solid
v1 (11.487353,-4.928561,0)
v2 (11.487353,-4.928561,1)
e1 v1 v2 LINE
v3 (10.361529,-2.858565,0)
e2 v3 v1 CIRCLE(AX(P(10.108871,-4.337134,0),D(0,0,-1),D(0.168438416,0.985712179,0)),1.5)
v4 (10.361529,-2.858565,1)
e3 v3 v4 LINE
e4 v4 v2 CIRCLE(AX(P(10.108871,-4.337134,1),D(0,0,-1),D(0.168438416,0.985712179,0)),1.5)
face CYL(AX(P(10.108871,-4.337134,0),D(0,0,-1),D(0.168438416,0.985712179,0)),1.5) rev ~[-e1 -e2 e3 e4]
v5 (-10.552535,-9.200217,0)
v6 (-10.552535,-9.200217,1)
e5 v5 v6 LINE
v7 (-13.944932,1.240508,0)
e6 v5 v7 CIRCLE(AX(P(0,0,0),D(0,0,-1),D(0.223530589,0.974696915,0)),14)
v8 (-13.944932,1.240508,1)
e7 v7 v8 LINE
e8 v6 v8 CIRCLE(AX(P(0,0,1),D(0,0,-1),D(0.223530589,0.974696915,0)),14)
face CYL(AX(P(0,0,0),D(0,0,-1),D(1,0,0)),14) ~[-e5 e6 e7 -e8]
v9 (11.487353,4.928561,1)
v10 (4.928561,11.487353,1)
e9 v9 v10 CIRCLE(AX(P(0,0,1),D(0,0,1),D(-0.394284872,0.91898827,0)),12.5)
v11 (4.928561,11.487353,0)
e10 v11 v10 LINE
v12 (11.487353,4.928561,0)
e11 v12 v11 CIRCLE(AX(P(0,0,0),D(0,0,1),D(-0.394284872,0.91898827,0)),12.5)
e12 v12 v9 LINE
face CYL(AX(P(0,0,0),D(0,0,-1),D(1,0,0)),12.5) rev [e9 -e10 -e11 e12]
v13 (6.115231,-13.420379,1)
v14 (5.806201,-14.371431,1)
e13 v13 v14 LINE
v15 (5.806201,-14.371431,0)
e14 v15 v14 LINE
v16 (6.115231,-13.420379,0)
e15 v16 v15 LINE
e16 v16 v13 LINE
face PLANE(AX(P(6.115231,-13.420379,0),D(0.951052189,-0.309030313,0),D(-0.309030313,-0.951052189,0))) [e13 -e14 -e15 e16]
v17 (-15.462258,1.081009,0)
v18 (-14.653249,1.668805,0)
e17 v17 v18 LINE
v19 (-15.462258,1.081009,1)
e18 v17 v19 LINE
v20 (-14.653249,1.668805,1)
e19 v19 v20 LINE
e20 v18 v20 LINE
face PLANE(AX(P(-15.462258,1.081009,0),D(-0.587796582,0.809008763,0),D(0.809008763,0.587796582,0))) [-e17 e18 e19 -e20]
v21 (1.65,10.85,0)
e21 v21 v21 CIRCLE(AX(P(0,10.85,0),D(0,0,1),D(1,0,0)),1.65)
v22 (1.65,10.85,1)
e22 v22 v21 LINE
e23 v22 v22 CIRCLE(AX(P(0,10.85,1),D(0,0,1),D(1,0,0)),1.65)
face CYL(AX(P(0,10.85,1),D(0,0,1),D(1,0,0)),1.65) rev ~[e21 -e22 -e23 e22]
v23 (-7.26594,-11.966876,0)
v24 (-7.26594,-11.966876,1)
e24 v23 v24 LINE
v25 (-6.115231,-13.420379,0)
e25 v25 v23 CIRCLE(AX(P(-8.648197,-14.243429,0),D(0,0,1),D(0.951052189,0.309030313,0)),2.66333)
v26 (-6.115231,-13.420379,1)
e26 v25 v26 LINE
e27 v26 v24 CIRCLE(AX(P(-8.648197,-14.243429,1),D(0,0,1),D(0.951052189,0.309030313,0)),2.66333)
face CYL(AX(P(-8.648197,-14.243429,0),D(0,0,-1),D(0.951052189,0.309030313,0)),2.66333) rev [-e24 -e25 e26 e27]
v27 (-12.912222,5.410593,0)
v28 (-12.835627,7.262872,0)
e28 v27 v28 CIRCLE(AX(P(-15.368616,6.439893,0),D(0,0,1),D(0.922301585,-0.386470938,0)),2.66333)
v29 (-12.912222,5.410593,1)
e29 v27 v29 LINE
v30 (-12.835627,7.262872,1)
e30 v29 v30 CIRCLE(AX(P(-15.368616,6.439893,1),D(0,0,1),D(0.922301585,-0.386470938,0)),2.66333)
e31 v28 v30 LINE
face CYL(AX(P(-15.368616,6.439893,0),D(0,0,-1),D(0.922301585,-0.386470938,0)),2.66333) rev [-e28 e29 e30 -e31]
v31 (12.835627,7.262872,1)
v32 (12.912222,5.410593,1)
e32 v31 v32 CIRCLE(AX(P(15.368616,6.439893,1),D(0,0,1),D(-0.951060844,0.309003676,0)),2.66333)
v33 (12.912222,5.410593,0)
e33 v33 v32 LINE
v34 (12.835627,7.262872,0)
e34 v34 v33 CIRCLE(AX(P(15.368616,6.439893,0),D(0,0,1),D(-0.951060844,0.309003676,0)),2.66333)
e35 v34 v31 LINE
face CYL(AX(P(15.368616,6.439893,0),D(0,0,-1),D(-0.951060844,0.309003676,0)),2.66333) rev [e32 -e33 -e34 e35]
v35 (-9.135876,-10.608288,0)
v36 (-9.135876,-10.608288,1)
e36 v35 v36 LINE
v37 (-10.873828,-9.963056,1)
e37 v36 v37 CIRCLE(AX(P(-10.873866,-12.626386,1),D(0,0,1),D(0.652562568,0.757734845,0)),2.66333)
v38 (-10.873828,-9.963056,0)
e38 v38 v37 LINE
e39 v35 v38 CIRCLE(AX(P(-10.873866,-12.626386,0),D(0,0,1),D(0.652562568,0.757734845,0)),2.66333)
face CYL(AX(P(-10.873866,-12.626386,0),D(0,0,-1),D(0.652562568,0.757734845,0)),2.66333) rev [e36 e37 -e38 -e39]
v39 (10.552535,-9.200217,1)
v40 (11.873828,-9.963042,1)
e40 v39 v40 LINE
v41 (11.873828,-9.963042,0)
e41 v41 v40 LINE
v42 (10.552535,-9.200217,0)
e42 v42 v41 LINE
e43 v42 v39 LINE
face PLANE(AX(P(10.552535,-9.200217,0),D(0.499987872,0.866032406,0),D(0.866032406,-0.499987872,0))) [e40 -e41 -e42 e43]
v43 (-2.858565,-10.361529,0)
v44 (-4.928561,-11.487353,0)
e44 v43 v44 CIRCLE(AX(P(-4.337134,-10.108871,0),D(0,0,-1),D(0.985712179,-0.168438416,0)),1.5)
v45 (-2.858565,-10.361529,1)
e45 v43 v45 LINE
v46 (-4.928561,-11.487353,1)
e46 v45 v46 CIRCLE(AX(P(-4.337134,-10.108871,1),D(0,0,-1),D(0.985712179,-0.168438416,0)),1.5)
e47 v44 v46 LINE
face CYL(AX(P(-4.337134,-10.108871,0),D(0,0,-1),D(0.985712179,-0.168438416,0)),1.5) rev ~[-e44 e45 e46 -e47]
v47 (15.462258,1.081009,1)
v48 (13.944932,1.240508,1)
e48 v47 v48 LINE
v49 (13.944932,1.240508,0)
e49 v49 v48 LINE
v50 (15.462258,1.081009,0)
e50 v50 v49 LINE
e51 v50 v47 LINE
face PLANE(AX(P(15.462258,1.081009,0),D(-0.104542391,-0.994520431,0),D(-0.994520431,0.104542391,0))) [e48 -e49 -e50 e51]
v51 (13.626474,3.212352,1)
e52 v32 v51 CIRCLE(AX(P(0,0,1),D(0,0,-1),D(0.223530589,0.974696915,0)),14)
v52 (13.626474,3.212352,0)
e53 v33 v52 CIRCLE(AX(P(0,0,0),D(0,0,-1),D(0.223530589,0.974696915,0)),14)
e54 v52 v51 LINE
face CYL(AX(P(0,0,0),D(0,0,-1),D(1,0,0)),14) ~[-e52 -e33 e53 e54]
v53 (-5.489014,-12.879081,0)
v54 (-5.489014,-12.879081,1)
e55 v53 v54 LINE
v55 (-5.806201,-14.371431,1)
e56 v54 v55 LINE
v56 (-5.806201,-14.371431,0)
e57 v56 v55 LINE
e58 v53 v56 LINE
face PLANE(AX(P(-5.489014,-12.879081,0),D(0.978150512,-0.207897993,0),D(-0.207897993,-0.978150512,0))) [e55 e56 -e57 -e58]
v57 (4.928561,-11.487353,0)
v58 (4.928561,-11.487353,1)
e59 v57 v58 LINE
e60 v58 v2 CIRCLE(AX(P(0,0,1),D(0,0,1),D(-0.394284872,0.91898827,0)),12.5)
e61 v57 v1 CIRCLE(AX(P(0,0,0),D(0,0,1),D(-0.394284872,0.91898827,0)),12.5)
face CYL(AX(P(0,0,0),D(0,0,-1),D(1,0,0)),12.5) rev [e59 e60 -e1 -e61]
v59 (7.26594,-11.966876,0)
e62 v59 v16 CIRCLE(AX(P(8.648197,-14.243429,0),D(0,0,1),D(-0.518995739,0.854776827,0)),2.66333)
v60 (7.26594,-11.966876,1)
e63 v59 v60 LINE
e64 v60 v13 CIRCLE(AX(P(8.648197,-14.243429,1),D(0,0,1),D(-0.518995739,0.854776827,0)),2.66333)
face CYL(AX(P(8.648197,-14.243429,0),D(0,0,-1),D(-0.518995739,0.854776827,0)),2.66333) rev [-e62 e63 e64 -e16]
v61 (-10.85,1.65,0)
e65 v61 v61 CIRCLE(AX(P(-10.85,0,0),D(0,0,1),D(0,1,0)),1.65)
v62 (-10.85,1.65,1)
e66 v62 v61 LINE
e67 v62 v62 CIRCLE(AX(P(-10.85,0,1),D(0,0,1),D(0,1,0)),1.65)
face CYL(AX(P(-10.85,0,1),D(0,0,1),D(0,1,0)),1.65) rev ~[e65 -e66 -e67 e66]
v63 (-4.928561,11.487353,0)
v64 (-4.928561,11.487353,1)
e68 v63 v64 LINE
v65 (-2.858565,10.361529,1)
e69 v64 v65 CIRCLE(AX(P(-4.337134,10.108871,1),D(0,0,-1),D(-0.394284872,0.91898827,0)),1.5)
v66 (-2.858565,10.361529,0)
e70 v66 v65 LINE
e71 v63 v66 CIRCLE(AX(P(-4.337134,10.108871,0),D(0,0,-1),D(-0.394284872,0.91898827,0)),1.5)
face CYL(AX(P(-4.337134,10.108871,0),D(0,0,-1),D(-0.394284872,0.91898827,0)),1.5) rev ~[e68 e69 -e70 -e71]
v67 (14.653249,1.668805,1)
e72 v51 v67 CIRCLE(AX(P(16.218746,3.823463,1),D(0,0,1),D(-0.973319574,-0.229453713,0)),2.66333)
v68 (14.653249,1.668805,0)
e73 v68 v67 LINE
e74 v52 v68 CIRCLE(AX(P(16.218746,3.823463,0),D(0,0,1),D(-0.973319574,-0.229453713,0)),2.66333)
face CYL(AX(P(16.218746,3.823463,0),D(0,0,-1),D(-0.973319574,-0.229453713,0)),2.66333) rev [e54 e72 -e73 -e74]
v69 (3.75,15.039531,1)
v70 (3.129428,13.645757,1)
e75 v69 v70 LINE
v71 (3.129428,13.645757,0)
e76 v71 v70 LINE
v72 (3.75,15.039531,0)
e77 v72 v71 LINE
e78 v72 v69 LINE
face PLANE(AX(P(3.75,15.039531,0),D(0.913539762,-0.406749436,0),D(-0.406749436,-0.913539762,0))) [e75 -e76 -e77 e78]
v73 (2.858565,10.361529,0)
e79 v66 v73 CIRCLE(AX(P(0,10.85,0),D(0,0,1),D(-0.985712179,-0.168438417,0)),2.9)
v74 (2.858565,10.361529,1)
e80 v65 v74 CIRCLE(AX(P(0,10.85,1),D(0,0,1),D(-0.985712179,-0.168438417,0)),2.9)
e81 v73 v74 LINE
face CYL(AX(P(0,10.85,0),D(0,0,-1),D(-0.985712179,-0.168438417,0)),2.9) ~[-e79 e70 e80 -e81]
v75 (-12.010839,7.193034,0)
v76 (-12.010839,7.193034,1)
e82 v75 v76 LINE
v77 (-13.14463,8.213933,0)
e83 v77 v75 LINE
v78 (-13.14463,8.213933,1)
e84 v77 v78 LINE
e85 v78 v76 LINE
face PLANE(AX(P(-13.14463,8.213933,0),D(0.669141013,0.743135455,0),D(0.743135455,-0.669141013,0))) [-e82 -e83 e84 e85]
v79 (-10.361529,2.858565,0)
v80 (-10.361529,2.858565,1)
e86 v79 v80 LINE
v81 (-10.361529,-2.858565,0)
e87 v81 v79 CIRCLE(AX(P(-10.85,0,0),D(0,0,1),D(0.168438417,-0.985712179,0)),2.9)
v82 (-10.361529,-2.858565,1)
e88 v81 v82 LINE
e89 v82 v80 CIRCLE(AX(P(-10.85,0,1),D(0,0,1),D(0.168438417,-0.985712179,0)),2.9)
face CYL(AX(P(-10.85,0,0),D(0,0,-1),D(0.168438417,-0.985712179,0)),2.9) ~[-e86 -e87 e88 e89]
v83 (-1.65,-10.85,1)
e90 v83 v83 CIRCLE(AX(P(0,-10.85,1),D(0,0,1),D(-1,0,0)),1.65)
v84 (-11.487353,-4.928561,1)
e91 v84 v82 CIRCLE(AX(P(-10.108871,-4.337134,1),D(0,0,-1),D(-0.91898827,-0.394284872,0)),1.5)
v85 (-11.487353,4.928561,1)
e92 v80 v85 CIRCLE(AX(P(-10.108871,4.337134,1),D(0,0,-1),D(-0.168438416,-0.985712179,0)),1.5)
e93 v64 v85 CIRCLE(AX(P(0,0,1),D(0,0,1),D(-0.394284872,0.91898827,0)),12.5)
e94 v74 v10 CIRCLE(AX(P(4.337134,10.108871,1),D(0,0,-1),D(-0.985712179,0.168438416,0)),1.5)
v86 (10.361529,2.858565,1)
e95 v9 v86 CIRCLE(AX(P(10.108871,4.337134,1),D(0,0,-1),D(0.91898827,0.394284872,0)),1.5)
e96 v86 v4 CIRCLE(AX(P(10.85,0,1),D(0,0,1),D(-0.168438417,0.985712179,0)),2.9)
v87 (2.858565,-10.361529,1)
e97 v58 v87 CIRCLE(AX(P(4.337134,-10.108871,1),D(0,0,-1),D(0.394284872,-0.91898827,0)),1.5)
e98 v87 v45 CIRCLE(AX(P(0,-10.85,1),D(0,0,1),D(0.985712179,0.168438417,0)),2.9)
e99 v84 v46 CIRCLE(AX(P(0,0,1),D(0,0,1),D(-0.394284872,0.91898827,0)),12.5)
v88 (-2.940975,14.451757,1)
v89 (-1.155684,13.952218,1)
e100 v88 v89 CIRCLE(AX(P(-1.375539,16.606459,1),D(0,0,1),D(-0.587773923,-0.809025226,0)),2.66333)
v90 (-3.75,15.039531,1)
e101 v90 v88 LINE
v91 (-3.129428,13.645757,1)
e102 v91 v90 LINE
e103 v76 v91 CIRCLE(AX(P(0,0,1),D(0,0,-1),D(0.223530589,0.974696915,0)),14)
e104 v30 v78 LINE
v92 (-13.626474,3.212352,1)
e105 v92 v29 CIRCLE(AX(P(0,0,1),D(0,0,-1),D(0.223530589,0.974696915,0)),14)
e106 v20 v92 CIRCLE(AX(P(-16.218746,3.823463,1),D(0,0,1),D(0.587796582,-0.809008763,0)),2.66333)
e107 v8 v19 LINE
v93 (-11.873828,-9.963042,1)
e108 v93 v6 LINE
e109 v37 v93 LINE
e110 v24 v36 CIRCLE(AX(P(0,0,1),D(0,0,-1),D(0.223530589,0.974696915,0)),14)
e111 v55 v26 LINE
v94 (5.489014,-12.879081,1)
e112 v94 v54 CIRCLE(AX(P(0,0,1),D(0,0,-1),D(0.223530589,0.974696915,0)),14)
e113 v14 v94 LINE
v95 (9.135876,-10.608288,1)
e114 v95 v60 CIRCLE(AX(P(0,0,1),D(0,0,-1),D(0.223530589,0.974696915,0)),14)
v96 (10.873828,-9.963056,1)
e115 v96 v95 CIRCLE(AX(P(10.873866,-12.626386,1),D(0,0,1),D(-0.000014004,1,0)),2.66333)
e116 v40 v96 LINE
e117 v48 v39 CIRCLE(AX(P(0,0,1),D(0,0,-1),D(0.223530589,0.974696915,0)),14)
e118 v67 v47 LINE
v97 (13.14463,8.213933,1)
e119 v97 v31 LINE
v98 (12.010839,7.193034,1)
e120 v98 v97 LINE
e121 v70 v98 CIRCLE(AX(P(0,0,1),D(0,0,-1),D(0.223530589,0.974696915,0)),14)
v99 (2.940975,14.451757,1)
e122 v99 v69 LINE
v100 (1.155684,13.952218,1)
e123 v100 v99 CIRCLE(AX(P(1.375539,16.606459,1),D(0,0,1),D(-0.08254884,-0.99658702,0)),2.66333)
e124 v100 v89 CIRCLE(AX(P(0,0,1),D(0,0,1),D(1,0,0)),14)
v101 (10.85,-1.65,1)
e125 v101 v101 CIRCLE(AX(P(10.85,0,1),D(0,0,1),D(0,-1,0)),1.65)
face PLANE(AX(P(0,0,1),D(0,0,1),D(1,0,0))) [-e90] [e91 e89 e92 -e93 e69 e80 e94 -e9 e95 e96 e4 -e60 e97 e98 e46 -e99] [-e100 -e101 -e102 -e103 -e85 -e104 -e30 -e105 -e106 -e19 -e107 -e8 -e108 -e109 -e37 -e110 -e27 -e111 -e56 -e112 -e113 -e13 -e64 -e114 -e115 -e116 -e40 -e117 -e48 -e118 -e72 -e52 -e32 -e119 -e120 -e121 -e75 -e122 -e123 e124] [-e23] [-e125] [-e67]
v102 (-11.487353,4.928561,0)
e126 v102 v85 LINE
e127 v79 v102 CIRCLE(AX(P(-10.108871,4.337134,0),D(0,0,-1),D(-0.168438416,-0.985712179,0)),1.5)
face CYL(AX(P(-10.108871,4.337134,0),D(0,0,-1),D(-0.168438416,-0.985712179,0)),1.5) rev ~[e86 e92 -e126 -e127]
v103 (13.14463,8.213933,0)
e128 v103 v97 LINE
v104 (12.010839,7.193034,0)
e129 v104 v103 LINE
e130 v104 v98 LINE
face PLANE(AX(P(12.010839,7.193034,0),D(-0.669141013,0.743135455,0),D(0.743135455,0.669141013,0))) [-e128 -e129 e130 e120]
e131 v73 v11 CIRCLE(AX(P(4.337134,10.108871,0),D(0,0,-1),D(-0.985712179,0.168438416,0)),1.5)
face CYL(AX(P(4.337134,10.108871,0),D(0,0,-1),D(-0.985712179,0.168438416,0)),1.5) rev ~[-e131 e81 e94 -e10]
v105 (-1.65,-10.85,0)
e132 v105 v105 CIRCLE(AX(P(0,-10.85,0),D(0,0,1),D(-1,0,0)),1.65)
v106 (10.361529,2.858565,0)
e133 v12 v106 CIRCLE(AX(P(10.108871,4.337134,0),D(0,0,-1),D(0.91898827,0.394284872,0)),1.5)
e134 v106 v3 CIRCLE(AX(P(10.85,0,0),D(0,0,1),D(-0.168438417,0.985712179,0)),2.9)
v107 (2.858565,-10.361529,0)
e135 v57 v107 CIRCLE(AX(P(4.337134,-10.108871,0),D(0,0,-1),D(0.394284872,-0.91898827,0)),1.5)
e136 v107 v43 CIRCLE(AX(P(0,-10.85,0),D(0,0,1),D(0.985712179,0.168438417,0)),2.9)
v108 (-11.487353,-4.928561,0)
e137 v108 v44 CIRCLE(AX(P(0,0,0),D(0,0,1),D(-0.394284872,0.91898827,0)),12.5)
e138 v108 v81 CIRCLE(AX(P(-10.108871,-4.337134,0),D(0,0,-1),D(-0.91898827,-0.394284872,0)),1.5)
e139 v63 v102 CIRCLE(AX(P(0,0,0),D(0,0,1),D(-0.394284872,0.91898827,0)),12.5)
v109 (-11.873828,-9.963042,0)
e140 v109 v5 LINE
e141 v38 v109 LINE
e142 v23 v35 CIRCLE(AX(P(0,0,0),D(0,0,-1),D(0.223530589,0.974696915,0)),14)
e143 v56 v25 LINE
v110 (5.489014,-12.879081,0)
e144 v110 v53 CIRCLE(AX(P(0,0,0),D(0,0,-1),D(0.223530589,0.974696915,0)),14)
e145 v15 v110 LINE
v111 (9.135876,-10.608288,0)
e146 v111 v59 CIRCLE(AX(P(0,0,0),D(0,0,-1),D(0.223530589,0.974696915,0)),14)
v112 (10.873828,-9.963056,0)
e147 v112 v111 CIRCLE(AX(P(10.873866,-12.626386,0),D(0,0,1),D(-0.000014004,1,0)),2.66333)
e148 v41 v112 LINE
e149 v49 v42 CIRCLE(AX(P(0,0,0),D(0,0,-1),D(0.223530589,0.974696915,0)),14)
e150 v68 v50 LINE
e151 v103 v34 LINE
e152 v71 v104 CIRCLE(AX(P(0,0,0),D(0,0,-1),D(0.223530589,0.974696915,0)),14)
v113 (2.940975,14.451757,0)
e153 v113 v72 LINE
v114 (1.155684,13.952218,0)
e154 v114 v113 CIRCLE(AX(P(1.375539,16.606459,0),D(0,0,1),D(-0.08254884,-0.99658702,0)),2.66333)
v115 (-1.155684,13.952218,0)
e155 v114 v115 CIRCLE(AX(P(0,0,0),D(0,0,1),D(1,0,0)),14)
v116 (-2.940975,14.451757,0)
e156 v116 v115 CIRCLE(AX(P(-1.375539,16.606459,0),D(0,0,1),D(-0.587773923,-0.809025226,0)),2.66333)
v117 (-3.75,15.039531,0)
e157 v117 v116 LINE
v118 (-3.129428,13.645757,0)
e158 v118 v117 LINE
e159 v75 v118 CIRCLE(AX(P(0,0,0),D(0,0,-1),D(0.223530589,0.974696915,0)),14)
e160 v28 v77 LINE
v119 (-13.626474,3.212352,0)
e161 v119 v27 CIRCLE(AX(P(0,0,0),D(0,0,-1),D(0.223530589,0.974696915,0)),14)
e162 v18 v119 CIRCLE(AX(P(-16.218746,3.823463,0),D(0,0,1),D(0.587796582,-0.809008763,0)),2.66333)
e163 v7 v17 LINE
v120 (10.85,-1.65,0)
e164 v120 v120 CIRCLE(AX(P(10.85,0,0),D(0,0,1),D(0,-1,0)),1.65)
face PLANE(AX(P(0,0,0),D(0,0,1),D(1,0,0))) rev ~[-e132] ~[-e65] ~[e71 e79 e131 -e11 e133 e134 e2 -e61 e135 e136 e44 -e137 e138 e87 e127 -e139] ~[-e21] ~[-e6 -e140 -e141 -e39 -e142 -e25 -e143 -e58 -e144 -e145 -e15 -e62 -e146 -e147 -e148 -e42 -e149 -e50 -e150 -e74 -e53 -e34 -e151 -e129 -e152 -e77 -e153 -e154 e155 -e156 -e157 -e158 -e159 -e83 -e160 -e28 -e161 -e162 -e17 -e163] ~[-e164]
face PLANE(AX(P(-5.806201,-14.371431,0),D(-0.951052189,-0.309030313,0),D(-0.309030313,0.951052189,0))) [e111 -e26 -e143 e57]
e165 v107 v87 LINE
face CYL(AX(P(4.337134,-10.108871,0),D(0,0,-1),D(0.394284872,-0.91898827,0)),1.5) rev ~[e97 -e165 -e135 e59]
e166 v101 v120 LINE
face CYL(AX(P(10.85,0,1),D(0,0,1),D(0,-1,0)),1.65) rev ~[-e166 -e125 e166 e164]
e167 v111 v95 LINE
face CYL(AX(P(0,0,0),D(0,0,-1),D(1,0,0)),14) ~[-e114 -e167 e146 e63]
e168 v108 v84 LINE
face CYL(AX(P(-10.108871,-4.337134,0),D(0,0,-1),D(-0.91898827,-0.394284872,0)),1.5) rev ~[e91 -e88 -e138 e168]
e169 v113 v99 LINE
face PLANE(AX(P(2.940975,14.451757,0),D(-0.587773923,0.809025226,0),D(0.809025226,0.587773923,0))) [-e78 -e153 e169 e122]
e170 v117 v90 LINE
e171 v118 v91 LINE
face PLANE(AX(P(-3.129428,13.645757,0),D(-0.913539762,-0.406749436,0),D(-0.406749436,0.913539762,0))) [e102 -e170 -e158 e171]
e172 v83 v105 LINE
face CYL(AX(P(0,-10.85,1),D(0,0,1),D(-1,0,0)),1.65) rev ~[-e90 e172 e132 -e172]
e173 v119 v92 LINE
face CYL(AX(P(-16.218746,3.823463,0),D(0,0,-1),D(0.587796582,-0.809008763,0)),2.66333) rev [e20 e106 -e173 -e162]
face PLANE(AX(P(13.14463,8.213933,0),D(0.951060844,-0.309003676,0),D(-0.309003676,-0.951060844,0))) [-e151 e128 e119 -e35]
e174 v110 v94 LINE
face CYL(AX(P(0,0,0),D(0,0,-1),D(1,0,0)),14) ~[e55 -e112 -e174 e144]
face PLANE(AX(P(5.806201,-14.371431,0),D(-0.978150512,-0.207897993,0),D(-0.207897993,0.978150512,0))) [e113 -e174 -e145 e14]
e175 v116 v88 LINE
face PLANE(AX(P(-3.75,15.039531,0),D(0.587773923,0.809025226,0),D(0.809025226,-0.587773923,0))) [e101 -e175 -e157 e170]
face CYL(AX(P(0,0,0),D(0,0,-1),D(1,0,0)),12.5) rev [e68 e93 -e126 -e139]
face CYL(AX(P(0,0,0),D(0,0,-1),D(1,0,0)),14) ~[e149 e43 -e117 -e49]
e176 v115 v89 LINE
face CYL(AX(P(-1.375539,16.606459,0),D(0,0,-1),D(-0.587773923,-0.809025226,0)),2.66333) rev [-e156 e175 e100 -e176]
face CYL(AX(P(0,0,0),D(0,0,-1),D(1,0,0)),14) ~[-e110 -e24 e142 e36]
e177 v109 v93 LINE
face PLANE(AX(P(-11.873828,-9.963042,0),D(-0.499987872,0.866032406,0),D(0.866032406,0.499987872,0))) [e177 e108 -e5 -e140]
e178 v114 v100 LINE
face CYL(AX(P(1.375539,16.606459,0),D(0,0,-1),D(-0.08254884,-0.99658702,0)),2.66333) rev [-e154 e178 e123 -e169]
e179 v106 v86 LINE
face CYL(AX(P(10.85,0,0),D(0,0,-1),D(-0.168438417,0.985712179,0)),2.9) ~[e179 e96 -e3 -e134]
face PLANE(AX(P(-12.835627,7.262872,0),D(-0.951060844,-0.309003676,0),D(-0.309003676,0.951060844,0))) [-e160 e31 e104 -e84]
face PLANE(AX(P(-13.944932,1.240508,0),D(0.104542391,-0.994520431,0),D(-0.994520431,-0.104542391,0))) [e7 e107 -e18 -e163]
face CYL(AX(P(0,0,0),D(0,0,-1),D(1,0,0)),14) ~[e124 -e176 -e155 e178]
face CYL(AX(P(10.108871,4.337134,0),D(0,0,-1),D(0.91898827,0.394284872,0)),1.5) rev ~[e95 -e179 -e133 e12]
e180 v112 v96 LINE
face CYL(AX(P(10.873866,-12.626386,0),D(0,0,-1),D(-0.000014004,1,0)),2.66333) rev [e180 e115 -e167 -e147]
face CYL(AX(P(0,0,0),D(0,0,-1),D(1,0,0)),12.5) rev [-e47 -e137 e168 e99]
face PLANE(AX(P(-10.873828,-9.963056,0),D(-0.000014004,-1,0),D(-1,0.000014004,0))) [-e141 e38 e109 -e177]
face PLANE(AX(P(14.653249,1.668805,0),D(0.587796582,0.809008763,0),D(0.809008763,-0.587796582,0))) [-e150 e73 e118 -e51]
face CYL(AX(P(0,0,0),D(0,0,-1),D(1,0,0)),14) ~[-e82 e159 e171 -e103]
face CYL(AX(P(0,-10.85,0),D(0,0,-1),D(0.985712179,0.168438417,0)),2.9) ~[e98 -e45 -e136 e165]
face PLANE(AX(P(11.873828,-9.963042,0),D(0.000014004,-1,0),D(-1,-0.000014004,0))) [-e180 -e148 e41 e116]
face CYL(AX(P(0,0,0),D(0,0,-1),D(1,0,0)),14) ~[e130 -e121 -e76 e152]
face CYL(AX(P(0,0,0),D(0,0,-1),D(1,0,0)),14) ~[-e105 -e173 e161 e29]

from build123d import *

# Parameters (mm, degrees)
SKETCH5_R                  = 14
SKETCH5_R_2                = 12.5
RING_DEPTH                 = 1
TEETH_DEPTH                = 1
SCREW_BUMPS_DEPTH          = 1
SCREW_CLEARENCE_HOLE_REACH = 22.572
SKETCH8_R                  = 1.65
CIR_PAT_FOR_SCREWS_COUNT   = 4
CIR_PAT_TEETH_COUNT        = 5


with BuildPart() as part:
    # Sketch5 → ring (new body)
    with BuildSketch(Plane.XY):
        Circle(SKETCH5_R)
        Circle(SKETCH5_R_2, mode=Mode.SUBTRACT)
    extrude(amount=RING_DEPTH)

    # Sketch6 → teeth (add)
    with BuildSketch(Plane.XY):
        with BuildLine():
            Line((-3.75, 15.039531243), (-2.940974774, 14.45175732))
            ThreePointArc((-2.940974774, 14.45175732), (-2.093195964, 14.041639747), (-1.155683759, 13.952218284))
            ThreePointArc((-1.155683759, 13.952218284), (-2.148028374, 13.834231967), (-3.129428252, 13.645756806))
            Line((-3.129428252, 13.645756806), (-3.75, 15.039531243))
        make_face()
        with BuildLine():
            Line((3.75, 15.039531243), (3.129428252, 13.645756806))
            ThreePointArc((3.129428252, 13.645756806), (2.148028374, 13.834231967), (1.155683759, 13.952218284))
            ThreePointArc((1.155683759, 13.952218284), (2.093195964, 14.041639747), (2.940974774, 14.45175732))
            Line((2.940974774, 14.45175732), (3.75, 15.039531243))
        make_face()
    teeth = extrude(amount=TEETH_DEPTH)

    # Sketch7 → screw bumps (add)
    with BuildSketch(Plane.XY):
        with BuildLine():
            Line((4.928560895, 11.487353372), (4.928560895, 13.103789051))
            Line((4.928560895, 13.103789051), (-4.928560895, 13.103789051))
            Line((-4.928560895, 13.103789051), (-4.928560895, 11.487353372))
            ThreePointArc((-4.928560895, 11.487353372), (-3.62045714, 11.426586745), (-2.858565319, 10.361528592))
            ThreePointArc((-2.858565319, 10.361528592), (0, 7.95), (2.858565319, 10.361528592))
            ThreePointArc((2.858565319, 10.361528592), (3.62045714, 11.426586745), (4.928560895, 11.487353372))
        make_face()
    screw_bumps = extrude(amount=SCREW_BUMPS_DEPTH)

    # Sketch8 → screw clearence hole (cut, up to next)
    with BuildSketch(Plane.XY.offset(1), mode=Mode.PRIVATE) as screw_clearence_hole_sk1:
        with Locations((0, 10.85)):
            Circle(SKETCH8_R)
    screw_clearence_hole_tool1 = extrude(screw_clearence_hole_sk1.sketch, amount=-SCREW_CLEARENCE_HOLE_REACH, mode=Mode.PRIVATE) & part.part
    screw_clearence_hole = screw_clearence_hole_tool1.solids().sort_by_distance((0, 10.85, 1))[0]
    add(screw_clearence_hole, mode=Mode.SUBTRACT)

    # cir pat for screws: screw bumps, screw clearence hole ×4 about axis
    cir_pat_for_screws_axis = Axis((0, 0, 0), (0, 0, 1))
    add([screw_bumps.rotate(cir_pat_for_screws_axis, i * 360 / CIR_PAT_FOR_SCREWS_COUNT) for i in range(1, CIR_PAT_FOR_SCREWS_COUNT)])
    add([screw_clearence_hole.rotate(cir_pat_for_screws_axis, i * 360 / CIR_PAT_FOR_SCREWS_COUNT) for i in range(1, CIR_PAT_FOR_SCREWS_COUNT)], mode=Mode.SUBTRACT)

    # cir.pat. teeth: teeth ×5 about axis
    cir_pat_teeth_axis = Axis((0, 0, 0), (0, 0, 1))
    for i in range(1, CIR_PAT_TEETH_COUNT):
        add(teeth.rotate(cir_pat_teeth_axis, i * 360 / CIR_PAT_TEETH_COUNT))


solid = part.part
